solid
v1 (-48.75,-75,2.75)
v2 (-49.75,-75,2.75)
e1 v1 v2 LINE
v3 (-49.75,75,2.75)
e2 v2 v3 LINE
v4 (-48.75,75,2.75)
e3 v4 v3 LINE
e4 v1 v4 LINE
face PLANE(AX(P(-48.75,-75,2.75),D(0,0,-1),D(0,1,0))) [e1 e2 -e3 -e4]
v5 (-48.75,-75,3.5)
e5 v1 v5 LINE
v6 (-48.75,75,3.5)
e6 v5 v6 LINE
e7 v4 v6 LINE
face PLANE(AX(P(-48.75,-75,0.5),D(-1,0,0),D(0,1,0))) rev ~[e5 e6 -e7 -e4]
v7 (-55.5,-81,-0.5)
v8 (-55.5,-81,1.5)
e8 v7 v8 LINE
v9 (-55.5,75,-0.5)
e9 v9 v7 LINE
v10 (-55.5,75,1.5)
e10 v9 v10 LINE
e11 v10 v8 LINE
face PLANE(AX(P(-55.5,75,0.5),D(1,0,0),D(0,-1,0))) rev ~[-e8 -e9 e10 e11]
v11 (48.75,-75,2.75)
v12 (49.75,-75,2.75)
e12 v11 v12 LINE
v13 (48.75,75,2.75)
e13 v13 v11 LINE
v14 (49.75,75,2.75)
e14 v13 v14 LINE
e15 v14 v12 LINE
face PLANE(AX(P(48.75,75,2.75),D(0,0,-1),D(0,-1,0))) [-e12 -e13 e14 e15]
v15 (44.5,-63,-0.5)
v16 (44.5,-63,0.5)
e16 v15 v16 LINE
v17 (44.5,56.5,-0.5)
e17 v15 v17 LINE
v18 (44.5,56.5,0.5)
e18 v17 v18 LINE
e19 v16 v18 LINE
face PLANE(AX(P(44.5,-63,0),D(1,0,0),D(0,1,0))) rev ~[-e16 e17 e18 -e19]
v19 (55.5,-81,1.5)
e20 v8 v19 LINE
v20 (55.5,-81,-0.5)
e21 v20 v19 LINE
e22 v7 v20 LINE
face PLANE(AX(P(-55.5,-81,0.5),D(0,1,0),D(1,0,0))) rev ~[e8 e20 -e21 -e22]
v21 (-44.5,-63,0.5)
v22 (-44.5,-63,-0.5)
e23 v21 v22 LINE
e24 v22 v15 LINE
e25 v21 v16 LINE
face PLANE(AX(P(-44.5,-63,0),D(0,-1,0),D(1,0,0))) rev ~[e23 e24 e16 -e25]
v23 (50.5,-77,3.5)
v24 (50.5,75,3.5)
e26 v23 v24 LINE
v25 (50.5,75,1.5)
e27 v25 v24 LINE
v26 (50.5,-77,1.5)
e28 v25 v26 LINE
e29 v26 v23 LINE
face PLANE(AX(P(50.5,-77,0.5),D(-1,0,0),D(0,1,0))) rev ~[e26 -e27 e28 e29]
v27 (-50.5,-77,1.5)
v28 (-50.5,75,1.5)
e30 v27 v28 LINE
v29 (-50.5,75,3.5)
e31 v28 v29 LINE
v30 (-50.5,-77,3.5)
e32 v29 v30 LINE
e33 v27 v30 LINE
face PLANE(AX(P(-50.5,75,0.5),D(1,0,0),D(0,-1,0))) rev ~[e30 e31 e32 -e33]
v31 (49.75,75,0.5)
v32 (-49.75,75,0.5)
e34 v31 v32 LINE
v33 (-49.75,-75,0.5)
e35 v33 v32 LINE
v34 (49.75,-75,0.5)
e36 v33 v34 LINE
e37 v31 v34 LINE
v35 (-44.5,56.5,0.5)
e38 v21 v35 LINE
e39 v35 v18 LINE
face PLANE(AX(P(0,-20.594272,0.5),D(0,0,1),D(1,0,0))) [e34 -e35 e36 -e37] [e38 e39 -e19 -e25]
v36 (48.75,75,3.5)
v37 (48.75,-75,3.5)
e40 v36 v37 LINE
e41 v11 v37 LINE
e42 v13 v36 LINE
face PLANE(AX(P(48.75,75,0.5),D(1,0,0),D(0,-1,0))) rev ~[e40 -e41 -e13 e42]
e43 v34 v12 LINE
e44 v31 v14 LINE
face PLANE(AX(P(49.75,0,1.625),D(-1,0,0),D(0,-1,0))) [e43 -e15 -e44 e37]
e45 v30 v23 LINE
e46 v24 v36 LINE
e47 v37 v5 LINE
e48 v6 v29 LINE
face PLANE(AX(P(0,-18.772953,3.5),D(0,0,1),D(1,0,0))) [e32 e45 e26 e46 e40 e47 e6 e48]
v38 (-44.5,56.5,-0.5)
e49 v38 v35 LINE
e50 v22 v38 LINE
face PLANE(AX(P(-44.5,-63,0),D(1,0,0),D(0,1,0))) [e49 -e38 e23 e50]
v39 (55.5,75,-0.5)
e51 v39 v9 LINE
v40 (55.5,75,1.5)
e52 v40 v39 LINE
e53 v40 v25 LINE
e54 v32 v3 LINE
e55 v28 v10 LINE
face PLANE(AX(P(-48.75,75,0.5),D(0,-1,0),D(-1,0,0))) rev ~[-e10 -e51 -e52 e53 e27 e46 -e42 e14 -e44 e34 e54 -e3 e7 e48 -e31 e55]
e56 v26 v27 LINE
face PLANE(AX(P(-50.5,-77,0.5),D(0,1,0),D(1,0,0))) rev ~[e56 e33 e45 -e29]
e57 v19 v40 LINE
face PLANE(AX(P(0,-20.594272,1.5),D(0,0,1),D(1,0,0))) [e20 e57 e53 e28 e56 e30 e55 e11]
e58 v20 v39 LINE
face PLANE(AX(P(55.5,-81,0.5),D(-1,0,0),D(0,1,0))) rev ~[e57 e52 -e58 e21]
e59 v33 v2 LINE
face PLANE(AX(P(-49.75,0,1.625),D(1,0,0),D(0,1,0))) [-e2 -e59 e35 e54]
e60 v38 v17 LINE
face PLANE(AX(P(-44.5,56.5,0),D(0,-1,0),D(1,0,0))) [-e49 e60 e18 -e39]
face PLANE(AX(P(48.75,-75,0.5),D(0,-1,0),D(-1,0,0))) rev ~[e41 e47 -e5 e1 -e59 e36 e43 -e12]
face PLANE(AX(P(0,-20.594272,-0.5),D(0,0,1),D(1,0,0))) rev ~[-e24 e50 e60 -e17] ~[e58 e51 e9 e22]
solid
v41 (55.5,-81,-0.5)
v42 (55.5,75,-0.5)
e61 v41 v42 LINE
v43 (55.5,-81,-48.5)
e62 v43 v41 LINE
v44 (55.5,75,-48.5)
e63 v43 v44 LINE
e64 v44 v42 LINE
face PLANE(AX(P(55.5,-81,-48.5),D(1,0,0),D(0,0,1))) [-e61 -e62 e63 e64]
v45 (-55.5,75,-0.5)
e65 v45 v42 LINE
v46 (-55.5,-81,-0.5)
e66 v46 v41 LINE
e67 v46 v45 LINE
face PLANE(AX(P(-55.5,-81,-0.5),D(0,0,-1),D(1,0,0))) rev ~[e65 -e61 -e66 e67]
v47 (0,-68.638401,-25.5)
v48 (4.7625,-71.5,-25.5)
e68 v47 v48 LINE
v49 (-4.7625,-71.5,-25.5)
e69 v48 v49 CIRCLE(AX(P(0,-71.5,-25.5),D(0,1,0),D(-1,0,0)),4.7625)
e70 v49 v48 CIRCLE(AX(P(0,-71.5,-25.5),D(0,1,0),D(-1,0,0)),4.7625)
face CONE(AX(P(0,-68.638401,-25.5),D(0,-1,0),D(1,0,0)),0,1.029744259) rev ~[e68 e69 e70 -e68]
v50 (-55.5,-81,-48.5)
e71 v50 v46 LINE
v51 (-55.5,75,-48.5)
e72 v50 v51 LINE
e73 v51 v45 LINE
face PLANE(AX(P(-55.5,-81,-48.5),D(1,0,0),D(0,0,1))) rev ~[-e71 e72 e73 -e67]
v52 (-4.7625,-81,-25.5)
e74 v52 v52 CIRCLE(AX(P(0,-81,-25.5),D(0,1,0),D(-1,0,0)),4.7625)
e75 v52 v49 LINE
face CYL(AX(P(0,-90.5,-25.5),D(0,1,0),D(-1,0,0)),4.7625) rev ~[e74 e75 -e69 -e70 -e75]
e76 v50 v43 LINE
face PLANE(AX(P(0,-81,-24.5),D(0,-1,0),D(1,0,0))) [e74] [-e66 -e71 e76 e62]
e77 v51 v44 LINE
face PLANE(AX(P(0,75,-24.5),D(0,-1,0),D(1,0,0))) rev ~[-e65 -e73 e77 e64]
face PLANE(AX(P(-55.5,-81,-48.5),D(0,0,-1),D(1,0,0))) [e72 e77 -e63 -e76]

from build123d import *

# Parameters (mm, degrees)
F0_W      = 97.5
F0_H      = 150
F0_W_2    = 89
F0_H_2    = 119.5
F1_DEPTH  = 0.5
F3_DEPTH  = 1
F5_DEPTH  = 3
F6_W      = 150
F6_H      = 2.25
F7_DEPTH  = 1
F8_W      = 150
F8_H      = 2.25
F9_DEPTH  = 1
F10_W     = 111
F10_H     = 48
F11_DEPTH = 156
F13_D     = 9.525
F13_DEPTH = 9.5
F13_TIP   = 2.8615986981


with BuildPart() as f1:
    # F0 (on Top) → F1 (new body, symmetric)
    with BuildSketch(Plane.XY):
        Polygon((-50.5, -77), (-50.5, 75), (-55.5, 75), (-55.5, -81), (55.5, -81), (55.5, 75), (50.5, 75), (50.5, -77), align=None)
        Rectangle(F0_W, F0_H)
        with Locations((0, -3.25)):
            Rectangle(F0_W_2, F0_H_2, mode=Mode.SUBTRACT)
        Polygon((-48.75, -75), (-48.75, 75), (-50.5, 75), (-50.5, -77), (50.5, -77), (50.5, 75), (48.75, 75), (48.75, -75), align=None)
    extrude(amount=F1_DEPTH, both=True)

    # F2 (on face) → F3 (join)
    with BuildSketch(Plane.XY.offset(0.5)):
        Polygon((-50.5, -77), (-50.5, 75), (-55.5, 75), (-55.5, -81), (55.5, -81), (55.5, 75), (50.5, 75), (50.5, -77), align=None)
    extrude(amount=F3_DEPTH)

    # F4 (on face) → F5 (join)
    with BuildSketch(Plane.XY.offset(0.5)):
        Polygon((-48.75, -75), (-48.75, 75), (-50.5, 75), (-50.5, -77), (50.5, -77), (50.5, 75), (48.75, 75), (48.75, -75), align=None)
    extrude(amount=F5_DEPTH)

    # F6 (on face) → F7 (cut)
    with BuildSketch(Plane.YZ.offset(-48.75)):
        with Locations((0, 1.625)):
            Rectangle(F6_W, F6_H)
    extrude(amount=-F7_DEPTH, mode=Mode.SUBTRACT)

    # F8 (on face) → F9 (cut)
    with BuildSketch(Plane(origin=(48.75, 0, 0), x_dir=(0, -1, 0), z_dir=(-1, 0, 0))):
        with Locations((0, 1.625)):
            Rectangle(F8_W, F8_H)
    extrude(amount=-F9_DEPTH, mode=Mode.SUBTRACT)


with BuildPart() as f11:
    # F10 (on face) → F11 (new body)
    with BuildSketch(Plane.XZ.offset(81)):
        with Locations((0, -24.5)):
            Rectangle(F10_W, F10_H)
    extrude(amount=-F11_DEPTH)

    # F13
    with Locations(Plane.XZ.offset(81)):
        with Locations((0, -25.5)):
            Hole(F13_D / 2, depth=F13_DEPTH)
            with Locations((0, 0, -(F13_DEPTH + F13_TIP / 2))):  # 118° drill point
                Cone(0, F13_D / 2, F13_TIP, mode=Mode.SUBTRACT)


solid = Compound([f1.part, f11.part])
